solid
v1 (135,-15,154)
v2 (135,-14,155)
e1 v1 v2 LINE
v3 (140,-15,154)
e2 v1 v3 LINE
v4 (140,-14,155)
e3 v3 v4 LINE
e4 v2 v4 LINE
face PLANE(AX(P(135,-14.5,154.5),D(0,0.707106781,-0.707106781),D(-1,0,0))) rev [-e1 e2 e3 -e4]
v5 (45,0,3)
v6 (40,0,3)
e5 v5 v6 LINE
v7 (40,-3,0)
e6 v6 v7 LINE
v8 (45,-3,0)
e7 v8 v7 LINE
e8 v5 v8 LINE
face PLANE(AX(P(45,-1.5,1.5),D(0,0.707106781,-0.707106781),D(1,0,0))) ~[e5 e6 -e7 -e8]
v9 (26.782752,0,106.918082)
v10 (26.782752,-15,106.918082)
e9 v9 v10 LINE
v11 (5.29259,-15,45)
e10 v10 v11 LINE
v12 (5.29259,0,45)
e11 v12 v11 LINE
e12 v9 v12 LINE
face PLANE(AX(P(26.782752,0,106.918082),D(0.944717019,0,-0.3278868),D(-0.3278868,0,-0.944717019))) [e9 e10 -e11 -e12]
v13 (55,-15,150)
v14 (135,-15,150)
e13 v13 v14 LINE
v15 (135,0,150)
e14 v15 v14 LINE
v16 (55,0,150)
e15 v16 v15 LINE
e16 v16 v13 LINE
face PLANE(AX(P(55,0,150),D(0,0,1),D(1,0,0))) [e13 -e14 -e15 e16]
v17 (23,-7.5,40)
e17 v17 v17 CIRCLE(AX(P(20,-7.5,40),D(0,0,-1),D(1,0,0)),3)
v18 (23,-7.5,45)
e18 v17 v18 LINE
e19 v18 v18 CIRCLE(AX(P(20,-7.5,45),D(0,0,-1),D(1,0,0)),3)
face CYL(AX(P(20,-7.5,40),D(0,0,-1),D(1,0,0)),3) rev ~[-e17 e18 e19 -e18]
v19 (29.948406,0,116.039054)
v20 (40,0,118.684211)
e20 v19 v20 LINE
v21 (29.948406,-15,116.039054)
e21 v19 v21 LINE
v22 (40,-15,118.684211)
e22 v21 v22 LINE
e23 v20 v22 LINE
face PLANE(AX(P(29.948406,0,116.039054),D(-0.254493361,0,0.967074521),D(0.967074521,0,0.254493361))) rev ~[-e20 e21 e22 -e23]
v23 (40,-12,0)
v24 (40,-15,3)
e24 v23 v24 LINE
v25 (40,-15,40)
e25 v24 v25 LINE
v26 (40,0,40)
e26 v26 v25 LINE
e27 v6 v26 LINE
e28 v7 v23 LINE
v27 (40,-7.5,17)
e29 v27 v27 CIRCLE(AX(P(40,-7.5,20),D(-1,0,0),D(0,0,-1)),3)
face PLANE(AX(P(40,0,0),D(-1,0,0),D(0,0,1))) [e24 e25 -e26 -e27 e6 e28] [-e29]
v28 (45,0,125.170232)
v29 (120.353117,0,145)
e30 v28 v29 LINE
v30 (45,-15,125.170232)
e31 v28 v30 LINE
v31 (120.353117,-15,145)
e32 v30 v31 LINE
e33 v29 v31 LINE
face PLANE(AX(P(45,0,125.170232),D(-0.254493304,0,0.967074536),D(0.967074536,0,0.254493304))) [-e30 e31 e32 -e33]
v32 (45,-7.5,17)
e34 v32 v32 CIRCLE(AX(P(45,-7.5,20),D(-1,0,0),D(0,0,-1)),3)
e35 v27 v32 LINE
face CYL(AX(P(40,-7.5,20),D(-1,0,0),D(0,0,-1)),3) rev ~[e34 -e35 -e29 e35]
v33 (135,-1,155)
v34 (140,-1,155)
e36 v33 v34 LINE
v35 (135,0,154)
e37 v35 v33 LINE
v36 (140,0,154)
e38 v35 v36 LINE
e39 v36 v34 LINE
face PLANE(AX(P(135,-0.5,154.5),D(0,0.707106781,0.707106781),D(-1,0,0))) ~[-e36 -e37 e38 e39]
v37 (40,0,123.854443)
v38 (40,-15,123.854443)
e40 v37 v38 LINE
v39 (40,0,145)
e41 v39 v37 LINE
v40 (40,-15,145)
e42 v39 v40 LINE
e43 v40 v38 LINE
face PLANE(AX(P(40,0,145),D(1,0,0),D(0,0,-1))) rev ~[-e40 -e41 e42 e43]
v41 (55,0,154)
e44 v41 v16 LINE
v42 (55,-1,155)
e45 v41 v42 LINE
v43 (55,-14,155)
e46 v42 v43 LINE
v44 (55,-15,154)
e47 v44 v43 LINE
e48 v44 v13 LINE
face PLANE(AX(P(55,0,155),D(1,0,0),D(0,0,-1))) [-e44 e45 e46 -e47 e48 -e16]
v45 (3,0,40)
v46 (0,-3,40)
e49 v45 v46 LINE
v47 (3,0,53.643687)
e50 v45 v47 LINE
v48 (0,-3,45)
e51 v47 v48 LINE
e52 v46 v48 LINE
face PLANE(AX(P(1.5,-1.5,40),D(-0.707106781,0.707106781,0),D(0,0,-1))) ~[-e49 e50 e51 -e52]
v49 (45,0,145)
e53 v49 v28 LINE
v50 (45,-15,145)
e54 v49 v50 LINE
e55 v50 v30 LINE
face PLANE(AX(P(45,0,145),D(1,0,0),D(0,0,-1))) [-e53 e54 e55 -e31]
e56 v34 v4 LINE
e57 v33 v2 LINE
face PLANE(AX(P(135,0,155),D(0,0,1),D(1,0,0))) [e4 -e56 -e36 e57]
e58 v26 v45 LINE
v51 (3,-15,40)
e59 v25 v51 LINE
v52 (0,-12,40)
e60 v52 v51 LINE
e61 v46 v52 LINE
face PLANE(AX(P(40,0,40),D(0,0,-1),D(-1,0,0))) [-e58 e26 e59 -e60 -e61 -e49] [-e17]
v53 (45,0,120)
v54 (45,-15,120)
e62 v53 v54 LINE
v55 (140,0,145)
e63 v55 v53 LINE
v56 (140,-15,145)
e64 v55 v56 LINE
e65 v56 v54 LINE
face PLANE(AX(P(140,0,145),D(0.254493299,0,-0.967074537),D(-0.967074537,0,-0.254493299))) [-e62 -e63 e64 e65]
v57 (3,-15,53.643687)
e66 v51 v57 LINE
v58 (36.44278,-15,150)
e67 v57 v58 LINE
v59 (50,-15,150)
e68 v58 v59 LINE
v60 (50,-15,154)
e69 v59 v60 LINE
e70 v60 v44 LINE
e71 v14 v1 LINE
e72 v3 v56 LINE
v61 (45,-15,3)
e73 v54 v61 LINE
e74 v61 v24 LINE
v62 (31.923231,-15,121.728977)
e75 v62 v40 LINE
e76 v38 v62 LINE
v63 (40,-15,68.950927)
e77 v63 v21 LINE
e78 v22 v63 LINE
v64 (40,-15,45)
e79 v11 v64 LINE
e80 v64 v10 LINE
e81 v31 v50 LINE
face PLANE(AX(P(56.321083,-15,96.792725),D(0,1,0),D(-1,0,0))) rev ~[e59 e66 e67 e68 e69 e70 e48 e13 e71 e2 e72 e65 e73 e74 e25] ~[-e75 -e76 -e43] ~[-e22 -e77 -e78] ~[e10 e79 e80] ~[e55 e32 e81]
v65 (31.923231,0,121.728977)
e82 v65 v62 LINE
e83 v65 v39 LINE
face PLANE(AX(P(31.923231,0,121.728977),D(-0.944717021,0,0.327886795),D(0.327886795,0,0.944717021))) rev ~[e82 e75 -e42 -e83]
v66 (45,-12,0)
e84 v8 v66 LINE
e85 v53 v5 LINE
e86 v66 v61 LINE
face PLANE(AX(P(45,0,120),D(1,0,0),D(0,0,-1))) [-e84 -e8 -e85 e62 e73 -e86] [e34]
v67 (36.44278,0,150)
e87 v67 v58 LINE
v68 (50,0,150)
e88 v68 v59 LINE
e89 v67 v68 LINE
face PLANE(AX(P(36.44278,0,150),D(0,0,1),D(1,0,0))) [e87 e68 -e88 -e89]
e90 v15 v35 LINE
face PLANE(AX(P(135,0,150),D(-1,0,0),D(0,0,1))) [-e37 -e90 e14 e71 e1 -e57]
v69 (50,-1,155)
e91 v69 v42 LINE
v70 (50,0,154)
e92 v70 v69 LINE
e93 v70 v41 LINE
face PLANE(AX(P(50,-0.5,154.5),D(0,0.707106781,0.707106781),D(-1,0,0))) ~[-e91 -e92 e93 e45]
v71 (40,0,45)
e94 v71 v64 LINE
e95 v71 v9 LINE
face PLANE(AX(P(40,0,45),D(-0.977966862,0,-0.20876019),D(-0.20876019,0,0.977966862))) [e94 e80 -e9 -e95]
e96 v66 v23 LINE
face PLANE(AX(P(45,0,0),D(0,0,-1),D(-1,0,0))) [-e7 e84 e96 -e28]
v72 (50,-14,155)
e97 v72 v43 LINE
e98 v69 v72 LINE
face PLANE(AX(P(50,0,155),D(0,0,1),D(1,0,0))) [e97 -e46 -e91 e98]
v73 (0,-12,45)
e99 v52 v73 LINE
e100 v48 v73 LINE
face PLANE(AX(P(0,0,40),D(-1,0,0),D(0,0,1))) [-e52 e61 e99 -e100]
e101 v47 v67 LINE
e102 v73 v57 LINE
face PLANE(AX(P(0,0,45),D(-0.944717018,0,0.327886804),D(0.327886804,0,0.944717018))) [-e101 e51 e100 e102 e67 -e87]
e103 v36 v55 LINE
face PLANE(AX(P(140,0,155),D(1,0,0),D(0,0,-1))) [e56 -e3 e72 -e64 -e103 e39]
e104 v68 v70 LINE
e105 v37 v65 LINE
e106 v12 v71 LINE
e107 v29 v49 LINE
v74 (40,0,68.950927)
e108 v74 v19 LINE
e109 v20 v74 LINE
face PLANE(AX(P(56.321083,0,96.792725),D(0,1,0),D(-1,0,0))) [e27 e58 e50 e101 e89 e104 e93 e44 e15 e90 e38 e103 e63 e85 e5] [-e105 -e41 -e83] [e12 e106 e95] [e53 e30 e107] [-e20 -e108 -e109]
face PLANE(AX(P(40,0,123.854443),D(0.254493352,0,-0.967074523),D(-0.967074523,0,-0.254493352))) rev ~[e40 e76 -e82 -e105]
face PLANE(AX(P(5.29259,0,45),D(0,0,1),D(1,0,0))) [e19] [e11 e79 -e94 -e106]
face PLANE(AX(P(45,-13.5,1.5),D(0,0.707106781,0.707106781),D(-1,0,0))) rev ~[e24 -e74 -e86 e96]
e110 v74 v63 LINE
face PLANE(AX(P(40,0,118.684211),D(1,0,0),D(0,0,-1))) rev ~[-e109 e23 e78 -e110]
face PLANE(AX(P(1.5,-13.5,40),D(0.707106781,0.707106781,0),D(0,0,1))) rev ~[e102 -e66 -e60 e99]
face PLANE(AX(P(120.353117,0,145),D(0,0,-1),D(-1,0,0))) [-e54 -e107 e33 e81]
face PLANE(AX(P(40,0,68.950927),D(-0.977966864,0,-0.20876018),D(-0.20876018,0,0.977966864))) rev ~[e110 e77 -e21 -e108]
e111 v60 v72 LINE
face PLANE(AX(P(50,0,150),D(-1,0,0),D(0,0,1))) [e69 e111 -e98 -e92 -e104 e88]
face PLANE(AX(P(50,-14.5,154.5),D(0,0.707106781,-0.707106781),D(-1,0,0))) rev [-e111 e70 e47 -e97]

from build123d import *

# Parameters (mm, degrees)
PAD_DEPTH       = 15
SKETCH001_R     = 3
POCKET_DEPTH    = 5
SKETCH002_R     = 3
POCKET001_DEPTH = 5
CHAMFER_SIZE    = 1
CHAMFER001_SIZE = 3


with BuildPart() as part:
    # Sketch → Pad (new body)
    with BuildSketch(Plane.XZ):
        Polygon((40, 0), (40, 40), (0, 40), (0, 45), (36.44278, 150), (50, 150), (50, 155), (55, 155), (55, 150), (135, 150), (135, 155), (140, 155), (140, 145), (45, 120), (45, 0), align=None)
        Polygon((45, 145), (45, 125.170232), (120.353117, 145), align=None, mode=Mode.SUBTRACT)
        Polygon((40, 45), (26.782752, 106.918082), (5.29259, 45), align=None, mode=Mode.SUBTRACT)
        Polygon((40, 68.950927), (29.948406, 116.039054), (40, 118.684211), align=None, mode=Mode.SUBTRACT)
        Polygon((40, 123.854443), (31.923231, 121.728977), (40, 145), align=None, mode=Mode.SUBTRACT)
    extrude(amount=PAD_DEPTH)

    # Sketch001 (on Face2 of Pad) → Pocket (cut)
    with BuildSketch(Plane(origin=(0, 0, 40), x_dir=(1, 0, 0), z_dir=(0, 0, -1))):
        with Locations((20, 7.5)):
            Circle(SKETCH001_R)
    extrude(amount=-POCKET_DEPTH, mode=Mode.SUBTRACT)

    # Sketch002 (on Face1 of Pocket) → Pocket001 (cut)
    with BuildSketch(Plane(origin=(40, 0, 0), x_dir=(0, 0, -1), z_dir=(-1, 0, 0))):
        with Locations((-20, 7.5)):
            Circle(SKETCH002_R)
    extrude(amount=-POCKET001_DEPTH, mode=Mode.SUBTRACT)

    # Chamfer
    chamfer_edges = [part.edges().sort_by_distance(p)[0] for p in [
        (137.5, -15, 155),
        (137.5, 0, 155),
        (52.5, -15, 155),
        (52.5, 0, 155),
    ]]
    chamfer(chamfer_edges, length=CHAMFER_SIZE)

    # Chamfer001
    chamfer001_edges = [part.edges().sort_by_distance(p)[0] for p in [
        (42.5, -15, 0),
        (42.5, 0, 0),
        (0, -15, 42.5),
        (0, 0, 42.5),
    ]]
    chamfer(chamfer001_edges, length=CHAMFER001_SIZE)


solid = part.part
